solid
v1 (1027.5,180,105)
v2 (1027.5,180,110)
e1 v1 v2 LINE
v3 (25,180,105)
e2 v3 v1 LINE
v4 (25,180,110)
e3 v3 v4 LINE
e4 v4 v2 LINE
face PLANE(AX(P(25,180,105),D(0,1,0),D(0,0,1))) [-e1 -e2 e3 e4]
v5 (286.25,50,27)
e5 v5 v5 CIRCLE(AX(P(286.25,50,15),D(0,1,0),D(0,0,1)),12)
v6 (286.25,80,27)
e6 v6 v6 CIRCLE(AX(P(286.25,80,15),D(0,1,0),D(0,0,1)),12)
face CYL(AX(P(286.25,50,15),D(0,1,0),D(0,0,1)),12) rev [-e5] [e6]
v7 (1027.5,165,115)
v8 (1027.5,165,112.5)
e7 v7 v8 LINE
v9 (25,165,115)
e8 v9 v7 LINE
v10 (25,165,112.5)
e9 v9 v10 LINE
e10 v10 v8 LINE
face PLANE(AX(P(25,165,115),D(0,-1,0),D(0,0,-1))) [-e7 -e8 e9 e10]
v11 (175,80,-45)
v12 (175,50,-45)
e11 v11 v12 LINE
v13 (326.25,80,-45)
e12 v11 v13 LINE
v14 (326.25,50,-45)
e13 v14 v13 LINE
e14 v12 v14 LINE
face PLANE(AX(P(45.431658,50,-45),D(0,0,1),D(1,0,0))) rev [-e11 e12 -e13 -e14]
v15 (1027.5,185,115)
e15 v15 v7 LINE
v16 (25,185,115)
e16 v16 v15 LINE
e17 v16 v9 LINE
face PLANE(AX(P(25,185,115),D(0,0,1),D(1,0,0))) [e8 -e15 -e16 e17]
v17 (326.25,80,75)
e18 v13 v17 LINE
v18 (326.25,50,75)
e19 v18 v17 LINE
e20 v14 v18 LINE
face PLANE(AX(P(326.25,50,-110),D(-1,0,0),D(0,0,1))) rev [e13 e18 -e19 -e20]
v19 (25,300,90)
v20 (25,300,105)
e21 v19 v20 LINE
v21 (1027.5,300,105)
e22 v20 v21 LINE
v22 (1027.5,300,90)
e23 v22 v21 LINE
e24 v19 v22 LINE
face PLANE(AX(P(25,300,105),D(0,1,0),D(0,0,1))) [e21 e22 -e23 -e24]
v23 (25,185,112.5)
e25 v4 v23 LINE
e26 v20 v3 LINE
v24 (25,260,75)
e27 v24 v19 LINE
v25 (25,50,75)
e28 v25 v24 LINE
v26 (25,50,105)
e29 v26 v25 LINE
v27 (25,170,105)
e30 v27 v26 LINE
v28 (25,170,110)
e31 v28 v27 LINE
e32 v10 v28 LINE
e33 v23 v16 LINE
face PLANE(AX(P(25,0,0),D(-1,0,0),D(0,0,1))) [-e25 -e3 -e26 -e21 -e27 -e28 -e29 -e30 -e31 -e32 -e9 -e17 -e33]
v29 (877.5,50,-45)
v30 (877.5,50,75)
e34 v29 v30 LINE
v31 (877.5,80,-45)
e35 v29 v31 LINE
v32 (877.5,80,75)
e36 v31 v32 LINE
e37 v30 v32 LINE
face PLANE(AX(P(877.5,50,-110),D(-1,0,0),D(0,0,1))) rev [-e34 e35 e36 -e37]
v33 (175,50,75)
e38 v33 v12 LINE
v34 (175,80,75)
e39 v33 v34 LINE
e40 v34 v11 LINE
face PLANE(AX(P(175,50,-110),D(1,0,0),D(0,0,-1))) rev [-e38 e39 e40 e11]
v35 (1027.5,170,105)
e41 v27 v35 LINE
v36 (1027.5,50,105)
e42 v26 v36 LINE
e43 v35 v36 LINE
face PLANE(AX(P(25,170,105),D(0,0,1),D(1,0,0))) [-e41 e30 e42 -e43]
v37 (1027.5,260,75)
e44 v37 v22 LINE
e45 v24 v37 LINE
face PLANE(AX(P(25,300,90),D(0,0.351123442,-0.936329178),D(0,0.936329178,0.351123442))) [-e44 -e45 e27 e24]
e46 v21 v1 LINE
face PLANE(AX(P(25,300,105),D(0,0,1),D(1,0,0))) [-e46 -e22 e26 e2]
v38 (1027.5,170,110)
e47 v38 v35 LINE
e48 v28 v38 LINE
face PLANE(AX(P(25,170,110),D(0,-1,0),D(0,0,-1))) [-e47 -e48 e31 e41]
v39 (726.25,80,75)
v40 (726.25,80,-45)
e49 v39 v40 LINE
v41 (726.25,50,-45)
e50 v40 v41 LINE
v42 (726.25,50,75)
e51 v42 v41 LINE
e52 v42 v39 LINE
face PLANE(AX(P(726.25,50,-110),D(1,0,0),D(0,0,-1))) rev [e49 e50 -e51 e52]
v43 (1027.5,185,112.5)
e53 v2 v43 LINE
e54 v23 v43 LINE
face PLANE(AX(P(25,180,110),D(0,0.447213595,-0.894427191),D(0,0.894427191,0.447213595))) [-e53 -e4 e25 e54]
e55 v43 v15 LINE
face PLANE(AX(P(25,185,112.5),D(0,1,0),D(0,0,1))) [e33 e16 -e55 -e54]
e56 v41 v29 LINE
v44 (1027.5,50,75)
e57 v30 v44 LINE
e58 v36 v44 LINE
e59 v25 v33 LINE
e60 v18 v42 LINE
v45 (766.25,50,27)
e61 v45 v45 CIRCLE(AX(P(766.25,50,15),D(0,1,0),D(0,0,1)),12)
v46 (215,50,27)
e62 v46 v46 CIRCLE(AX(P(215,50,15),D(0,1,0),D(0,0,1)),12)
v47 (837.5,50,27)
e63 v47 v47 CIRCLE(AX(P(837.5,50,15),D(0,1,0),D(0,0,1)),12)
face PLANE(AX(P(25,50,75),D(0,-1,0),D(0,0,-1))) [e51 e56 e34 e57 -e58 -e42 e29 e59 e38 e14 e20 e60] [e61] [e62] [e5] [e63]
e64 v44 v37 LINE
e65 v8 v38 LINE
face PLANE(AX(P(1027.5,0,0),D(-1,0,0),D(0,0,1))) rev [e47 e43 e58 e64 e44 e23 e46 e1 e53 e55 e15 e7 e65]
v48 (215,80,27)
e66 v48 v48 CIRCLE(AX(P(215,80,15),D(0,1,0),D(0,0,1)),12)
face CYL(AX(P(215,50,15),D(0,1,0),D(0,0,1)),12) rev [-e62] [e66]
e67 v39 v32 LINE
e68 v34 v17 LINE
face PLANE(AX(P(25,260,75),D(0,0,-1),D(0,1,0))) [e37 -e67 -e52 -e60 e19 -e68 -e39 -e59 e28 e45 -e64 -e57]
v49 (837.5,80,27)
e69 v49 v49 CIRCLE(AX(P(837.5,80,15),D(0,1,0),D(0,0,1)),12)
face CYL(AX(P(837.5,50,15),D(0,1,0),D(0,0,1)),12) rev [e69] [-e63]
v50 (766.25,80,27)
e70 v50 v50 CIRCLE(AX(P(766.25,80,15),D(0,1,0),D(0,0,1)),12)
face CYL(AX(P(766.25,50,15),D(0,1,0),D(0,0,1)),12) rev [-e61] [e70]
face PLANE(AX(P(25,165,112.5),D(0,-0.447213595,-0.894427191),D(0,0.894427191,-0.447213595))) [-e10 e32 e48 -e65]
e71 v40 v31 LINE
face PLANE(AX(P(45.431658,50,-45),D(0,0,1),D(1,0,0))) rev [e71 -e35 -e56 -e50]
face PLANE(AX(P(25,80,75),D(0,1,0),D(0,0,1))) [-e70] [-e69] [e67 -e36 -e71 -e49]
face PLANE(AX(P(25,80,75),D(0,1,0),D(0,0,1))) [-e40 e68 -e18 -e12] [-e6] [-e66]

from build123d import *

# Parameters (mm, degrees)
EXTRUDE_1_DEPTH          = 1002.5
CUT_EXTRUDE_1_DEPTH      = 1058.062557278
CUT_EXTRUDE_1_DEPTH_BACK = 1058.062557278
SKETCH_2_W               = 400
SKETCH_2_H               = 185
CUT_EXTRUDE_2_DEPTH      = 1058.062557278
CUT_EXTRUDE_2_DEPTH_BACK = 1058.062557278
SKETCH_3_W               = 150
SKETCH_3_H               = 185
CUT_EXTRUDE_3_DEPTH      = 1058.062557278
CUT_EXTRUDE_3_DEPTH_BACK = 1058.062557278
SKETCH_8_W               = 931.455516369
SKETCH_8_H               = 180.779532171
CUT_EXTRUDE_4_DEPTH      = 1058.062557278
CUT_EXTRUDE_4_DEPTH_BACK = 1058.062557278
SKETCH_9_R               = 12


with BuildPart() as part:
    # 草图1 → 凸台-拉伸1 (new body)
    with BuildSketch(Plane(origin=(1027.5, 0, 0), x_dir=(0, 0, -1), z_dir=(1, 0, 0))):
        Polygon((-105, 300), (-105, 180), (-110, 180), (-112.5, 185), (-115, 185), (-115, 165), (-112.5, 165), (-110, 170), (-105, 170), (-105, 50), (-75, 50), (110, 50), (110, 80), (-75, 80), (-75, 260), (-90, 300), align=None)
    extrude(amount=-EXTRUDE_1_DEPTH)

    # 草图2 → 切除-拉伸1 (cut, two sides: drawn at the far end of the back side and taken through both)
    with BuildSketch(Plane(origin=(0, 80, 0), x_dir=(1, 0, 0), z_dir=(0, 1, 0)).offset(-CUT_EXTRUDE_1_DEPTH_BACK)):
        with Locations((526.25, 17.5)):
            Rectangle(SKETCH_2_W, SKETCH_2_H)
    extrude(amount=CUT_EXTRUDE_1_DEPTH + CUT_EXTRUDE_1_DEPTH_BACK, mode=Mode.SUBTRACT)

    # 草图3 → 切除-拉伸2 (cut, two sides: drawn at the far end of the back side and taken through both)
    with BuildSketch(Plane(origin=(0, 80, 0), x_dir=(1, 0, 0), z_dir=(0, 1, 0)).offset(-CUT_EXTRUDE_2_DEPTH_BACK)):
        with Locations((100, 17.5)):
            Rectangle(SKETCH_3_W, SKETCH_3_H)
        with Locations((952.5, 17.5)):
            Rectangle(SKETCH_3_W, SKETCH_3_H)
    extrude(amount=CUT_EXTRUDE_2_DEPTH + CUT_EXTRUDE_2_DEPTH_BACK, mode=Mode.SUBTRACT)

    # 草图8 → 切除-拉伸3 (cut, two sides: drawn at the far end of the back side and taken through both)
    with BuildSketch(Plane(origin=(0, 80, 0), x_dir=(1, 0, 0), z_dir=(0, 1, 0)).offset(-CUT_EXTRUDE_3_DEPTH_BACK)):
        with Locations((511.159415891, 135.389766086)):
            Rectangle(SKETCH_8_W, SKETCH_8_H)
    extrude(amount=CUT_EXTRUDE_3_DEPTH + CUT_EXTRUDE_3_DEPTH_BACK, mode=Mode.SUBTRACT)

    # 草图9 → 切除-拉伸4 (cut, two sides: drawn at the far end of the back side and taken through both)
    with BuildSketch(Plane(origin=(0, 80, 0), x_dir=(1, 0, 0), z_dir=(0, 1, 0)).offset(-CUT_EXTRUDE_4_DEPTH_BACK)):
        with Locations(Location((215, -15, 0), (0, 0, 270))):
            Circle(SKETCH_9_R)
        with Locations(Location((286.25, -15, 0), (0, 0, 270))):
            Circle(SKETCH_9_R)
        with Locations(Location((766.25, -15, 0), (0, 0, 270))):
            Circle(SKETCH_9_R)
        with Locations(Location((837.5, -15, 0), (0, 0, 270))):
            Circle(SKETCH_9_R)
    extrude(amount=CUT_EXTRUDE_4_DEPTH + CUT_EXTRUDE_4_DEPTH_BACK, mode=Mode.SUBTRACT)


solid = part.part
